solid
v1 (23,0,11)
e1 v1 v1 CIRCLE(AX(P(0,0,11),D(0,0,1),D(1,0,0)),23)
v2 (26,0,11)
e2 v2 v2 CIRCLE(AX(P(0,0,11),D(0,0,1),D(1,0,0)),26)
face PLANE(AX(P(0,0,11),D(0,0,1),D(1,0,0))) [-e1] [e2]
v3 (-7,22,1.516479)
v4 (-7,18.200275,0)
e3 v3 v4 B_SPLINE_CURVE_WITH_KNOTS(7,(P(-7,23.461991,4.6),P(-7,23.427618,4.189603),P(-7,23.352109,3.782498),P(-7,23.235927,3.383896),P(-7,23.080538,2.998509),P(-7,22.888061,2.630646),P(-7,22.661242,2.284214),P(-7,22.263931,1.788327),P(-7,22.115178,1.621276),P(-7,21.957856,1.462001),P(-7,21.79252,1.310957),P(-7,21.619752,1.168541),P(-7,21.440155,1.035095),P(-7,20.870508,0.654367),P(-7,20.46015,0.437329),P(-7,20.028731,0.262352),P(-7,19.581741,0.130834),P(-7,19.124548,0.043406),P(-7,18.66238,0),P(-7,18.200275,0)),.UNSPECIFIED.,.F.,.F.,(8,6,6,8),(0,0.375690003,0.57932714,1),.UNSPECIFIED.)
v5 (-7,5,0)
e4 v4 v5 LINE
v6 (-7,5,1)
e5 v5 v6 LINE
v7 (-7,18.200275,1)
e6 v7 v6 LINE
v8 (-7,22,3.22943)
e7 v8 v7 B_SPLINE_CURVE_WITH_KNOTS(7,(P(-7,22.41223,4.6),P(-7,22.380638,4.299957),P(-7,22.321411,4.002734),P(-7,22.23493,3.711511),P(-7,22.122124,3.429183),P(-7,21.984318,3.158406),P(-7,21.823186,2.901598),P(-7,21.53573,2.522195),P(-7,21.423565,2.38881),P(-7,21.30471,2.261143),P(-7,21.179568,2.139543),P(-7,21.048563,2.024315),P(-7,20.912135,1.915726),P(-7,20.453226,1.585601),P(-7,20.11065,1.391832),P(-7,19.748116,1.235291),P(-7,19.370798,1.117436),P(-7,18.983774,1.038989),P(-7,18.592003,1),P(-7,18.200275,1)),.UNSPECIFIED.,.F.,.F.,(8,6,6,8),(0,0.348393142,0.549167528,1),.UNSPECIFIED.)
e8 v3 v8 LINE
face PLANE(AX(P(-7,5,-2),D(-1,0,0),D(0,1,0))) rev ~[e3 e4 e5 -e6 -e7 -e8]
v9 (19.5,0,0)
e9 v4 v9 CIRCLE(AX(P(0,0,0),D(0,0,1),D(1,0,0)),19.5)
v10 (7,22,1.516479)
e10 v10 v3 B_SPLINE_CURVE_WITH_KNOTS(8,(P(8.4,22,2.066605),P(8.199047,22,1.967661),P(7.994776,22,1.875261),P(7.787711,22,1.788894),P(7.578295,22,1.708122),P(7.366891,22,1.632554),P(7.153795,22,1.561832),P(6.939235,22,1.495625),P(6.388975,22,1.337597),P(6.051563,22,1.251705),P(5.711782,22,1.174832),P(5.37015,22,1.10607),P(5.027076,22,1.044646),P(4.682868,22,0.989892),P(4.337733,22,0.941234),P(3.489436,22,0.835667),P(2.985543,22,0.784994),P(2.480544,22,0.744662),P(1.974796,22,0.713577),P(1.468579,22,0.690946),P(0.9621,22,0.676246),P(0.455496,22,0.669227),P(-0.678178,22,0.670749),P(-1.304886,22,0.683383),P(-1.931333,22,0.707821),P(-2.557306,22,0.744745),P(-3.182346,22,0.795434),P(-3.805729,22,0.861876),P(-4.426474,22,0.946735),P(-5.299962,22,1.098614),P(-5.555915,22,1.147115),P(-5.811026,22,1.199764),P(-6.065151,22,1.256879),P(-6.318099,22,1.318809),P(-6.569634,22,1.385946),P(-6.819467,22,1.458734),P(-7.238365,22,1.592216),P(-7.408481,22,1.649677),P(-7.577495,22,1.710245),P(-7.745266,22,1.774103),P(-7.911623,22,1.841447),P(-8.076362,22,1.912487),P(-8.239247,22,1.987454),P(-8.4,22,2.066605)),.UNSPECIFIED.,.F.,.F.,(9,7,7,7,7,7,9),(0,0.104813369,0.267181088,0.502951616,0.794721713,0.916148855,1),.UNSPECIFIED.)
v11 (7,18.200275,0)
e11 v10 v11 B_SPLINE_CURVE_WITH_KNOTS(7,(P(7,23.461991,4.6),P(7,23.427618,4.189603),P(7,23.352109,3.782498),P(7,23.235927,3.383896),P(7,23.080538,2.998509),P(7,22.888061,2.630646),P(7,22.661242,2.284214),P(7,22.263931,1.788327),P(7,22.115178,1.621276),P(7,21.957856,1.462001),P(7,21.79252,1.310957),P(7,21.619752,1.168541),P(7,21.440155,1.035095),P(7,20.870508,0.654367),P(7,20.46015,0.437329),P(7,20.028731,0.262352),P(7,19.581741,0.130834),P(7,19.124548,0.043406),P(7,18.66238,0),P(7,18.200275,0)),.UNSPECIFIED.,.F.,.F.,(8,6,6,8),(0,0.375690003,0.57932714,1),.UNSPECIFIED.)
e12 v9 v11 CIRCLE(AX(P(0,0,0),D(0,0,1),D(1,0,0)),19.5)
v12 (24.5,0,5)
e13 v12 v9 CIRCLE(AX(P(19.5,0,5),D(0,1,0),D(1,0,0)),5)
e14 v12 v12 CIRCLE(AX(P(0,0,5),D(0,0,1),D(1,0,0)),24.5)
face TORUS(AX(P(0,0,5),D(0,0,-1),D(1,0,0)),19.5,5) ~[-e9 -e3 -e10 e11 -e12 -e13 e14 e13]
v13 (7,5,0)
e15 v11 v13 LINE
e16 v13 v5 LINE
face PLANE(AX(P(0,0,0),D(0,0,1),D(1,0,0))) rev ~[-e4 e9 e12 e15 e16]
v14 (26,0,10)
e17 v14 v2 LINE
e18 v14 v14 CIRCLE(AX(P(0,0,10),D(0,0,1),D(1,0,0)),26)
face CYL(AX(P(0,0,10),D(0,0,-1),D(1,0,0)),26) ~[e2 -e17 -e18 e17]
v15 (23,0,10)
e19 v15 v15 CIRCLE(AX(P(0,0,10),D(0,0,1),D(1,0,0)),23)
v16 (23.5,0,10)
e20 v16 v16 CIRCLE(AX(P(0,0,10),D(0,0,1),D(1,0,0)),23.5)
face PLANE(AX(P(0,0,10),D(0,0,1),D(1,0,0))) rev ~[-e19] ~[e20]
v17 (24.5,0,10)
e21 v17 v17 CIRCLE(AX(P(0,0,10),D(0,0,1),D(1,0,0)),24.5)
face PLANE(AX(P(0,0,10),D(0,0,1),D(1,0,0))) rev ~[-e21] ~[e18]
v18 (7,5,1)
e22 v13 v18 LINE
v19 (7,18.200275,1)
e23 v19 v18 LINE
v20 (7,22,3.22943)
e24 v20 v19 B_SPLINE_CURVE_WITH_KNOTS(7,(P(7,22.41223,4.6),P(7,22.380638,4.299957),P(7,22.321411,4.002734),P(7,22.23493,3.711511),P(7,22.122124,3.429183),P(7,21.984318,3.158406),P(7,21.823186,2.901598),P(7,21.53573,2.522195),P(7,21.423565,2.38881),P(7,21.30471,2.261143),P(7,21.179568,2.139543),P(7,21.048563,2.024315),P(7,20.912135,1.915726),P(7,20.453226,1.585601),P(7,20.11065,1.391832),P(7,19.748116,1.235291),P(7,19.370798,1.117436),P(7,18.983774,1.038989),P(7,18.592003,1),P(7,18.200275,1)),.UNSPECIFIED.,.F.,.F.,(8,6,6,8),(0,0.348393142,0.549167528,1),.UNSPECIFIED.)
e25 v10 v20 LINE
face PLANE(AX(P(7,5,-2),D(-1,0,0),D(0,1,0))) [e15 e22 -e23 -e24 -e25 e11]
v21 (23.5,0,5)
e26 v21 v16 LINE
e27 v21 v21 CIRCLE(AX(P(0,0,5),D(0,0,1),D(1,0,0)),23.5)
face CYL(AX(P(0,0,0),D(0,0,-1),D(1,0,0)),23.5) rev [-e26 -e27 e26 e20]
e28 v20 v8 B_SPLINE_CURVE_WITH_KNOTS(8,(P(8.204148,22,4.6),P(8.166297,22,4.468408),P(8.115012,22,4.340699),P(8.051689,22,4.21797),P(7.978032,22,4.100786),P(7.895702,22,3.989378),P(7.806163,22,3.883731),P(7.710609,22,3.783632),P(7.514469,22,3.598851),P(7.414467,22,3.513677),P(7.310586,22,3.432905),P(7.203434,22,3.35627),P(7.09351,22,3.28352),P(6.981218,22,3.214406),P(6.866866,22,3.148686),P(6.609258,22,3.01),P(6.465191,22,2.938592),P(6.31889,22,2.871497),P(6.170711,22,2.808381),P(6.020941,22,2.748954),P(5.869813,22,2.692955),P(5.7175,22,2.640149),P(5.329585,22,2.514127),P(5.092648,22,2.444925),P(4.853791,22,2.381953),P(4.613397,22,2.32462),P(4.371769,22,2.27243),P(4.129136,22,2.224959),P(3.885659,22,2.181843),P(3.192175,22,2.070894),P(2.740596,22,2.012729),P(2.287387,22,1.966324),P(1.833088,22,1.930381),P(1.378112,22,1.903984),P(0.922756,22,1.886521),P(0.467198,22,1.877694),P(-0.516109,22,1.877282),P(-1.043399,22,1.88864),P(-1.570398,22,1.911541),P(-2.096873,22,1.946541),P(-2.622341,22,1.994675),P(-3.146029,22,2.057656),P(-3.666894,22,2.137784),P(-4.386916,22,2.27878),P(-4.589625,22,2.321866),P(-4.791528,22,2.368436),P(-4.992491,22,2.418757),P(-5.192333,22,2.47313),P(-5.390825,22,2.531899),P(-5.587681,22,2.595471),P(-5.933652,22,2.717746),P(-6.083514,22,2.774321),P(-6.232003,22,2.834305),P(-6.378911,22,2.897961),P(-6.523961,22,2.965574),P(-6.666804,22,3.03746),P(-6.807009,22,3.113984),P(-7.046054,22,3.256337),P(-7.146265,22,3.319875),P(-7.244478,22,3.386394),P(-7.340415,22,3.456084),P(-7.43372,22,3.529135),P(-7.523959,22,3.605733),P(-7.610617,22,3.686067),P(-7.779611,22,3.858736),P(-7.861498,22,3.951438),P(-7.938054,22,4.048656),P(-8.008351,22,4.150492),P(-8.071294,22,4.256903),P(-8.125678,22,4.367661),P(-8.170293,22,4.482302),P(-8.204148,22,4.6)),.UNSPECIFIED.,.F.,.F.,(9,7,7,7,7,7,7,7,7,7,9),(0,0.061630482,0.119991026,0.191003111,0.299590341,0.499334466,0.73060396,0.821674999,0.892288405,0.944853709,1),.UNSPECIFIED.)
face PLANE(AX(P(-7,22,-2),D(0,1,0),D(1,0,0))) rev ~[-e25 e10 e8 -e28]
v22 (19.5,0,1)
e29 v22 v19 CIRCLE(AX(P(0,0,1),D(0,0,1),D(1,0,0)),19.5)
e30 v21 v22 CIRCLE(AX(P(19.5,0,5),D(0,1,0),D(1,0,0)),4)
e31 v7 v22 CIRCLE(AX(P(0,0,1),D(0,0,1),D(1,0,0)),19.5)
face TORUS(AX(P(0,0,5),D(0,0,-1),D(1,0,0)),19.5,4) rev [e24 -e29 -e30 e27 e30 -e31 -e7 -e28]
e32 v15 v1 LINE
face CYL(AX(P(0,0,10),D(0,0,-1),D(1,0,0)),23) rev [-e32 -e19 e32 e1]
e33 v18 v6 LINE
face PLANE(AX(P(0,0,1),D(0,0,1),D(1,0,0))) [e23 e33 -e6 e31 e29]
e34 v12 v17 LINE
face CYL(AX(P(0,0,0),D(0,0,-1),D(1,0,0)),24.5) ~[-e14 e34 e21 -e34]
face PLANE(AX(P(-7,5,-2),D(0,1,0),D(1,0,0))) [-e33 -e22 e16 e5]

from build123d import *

# Parameters (mm, degrees)
BOX_W         = 14
BOX_H         = 17
BOX_DEPTH     = 6
SKETCH_R      = 24.5
PAD_DEPTH     = 10
FILLET_R      = 5
THICKNESS_T   = -1
SKETCH001_R   = 26
SKETCH001_R_2 = 23
PAD001_DEPTH  = 1


with BuildPart() as cube:
    # Box → Box (new body)
    with BuildSketch(Plane(origin=(-7, 5, -2), x_dir=(1, 0, 0), z_dir=(0, 0, 1))):
        with Locations((7, 8.5)):
            Rectangle(BOX_W, BOX_H)
    extrude(amount=BOX_DEPTH)


with BuildPart() as cut:
    # Sketch → Pad (new body)
    with BuildSketch(Plane.XY):
        Circle(SKETCH_R)
    extrude(amount=PAD_DEPTH)

    # Fillet
    fillet_edges = [cut.edges().sort_by_distance(p)[0] for p in [
        (-24.5, 0, 0),
    ]]
    fillet(fillet_edges, radius=FILLET_R)

    # Thickness
    thickness_openings = [cut.faces().sort_by_distance(p)[0] for p in [
        (0, 0, 10),
    ]]
    offset(amount=THICKNESS_T, openings=thickness_openings)

    # Sketch001 → Pad001 (new body)
    with BuildSketch(Plane.XY.offset(10)):
        Circle(SKETCH001_R)
        Circle(SKETCH001_R_2, mode=Mode.SUBTRACT)
    extrude(amount=PAD001_DEPTH)

    # Cut: cut Cube
    add(cube.part, mode=Mode.SUBTRACT)


solid = cut.part
